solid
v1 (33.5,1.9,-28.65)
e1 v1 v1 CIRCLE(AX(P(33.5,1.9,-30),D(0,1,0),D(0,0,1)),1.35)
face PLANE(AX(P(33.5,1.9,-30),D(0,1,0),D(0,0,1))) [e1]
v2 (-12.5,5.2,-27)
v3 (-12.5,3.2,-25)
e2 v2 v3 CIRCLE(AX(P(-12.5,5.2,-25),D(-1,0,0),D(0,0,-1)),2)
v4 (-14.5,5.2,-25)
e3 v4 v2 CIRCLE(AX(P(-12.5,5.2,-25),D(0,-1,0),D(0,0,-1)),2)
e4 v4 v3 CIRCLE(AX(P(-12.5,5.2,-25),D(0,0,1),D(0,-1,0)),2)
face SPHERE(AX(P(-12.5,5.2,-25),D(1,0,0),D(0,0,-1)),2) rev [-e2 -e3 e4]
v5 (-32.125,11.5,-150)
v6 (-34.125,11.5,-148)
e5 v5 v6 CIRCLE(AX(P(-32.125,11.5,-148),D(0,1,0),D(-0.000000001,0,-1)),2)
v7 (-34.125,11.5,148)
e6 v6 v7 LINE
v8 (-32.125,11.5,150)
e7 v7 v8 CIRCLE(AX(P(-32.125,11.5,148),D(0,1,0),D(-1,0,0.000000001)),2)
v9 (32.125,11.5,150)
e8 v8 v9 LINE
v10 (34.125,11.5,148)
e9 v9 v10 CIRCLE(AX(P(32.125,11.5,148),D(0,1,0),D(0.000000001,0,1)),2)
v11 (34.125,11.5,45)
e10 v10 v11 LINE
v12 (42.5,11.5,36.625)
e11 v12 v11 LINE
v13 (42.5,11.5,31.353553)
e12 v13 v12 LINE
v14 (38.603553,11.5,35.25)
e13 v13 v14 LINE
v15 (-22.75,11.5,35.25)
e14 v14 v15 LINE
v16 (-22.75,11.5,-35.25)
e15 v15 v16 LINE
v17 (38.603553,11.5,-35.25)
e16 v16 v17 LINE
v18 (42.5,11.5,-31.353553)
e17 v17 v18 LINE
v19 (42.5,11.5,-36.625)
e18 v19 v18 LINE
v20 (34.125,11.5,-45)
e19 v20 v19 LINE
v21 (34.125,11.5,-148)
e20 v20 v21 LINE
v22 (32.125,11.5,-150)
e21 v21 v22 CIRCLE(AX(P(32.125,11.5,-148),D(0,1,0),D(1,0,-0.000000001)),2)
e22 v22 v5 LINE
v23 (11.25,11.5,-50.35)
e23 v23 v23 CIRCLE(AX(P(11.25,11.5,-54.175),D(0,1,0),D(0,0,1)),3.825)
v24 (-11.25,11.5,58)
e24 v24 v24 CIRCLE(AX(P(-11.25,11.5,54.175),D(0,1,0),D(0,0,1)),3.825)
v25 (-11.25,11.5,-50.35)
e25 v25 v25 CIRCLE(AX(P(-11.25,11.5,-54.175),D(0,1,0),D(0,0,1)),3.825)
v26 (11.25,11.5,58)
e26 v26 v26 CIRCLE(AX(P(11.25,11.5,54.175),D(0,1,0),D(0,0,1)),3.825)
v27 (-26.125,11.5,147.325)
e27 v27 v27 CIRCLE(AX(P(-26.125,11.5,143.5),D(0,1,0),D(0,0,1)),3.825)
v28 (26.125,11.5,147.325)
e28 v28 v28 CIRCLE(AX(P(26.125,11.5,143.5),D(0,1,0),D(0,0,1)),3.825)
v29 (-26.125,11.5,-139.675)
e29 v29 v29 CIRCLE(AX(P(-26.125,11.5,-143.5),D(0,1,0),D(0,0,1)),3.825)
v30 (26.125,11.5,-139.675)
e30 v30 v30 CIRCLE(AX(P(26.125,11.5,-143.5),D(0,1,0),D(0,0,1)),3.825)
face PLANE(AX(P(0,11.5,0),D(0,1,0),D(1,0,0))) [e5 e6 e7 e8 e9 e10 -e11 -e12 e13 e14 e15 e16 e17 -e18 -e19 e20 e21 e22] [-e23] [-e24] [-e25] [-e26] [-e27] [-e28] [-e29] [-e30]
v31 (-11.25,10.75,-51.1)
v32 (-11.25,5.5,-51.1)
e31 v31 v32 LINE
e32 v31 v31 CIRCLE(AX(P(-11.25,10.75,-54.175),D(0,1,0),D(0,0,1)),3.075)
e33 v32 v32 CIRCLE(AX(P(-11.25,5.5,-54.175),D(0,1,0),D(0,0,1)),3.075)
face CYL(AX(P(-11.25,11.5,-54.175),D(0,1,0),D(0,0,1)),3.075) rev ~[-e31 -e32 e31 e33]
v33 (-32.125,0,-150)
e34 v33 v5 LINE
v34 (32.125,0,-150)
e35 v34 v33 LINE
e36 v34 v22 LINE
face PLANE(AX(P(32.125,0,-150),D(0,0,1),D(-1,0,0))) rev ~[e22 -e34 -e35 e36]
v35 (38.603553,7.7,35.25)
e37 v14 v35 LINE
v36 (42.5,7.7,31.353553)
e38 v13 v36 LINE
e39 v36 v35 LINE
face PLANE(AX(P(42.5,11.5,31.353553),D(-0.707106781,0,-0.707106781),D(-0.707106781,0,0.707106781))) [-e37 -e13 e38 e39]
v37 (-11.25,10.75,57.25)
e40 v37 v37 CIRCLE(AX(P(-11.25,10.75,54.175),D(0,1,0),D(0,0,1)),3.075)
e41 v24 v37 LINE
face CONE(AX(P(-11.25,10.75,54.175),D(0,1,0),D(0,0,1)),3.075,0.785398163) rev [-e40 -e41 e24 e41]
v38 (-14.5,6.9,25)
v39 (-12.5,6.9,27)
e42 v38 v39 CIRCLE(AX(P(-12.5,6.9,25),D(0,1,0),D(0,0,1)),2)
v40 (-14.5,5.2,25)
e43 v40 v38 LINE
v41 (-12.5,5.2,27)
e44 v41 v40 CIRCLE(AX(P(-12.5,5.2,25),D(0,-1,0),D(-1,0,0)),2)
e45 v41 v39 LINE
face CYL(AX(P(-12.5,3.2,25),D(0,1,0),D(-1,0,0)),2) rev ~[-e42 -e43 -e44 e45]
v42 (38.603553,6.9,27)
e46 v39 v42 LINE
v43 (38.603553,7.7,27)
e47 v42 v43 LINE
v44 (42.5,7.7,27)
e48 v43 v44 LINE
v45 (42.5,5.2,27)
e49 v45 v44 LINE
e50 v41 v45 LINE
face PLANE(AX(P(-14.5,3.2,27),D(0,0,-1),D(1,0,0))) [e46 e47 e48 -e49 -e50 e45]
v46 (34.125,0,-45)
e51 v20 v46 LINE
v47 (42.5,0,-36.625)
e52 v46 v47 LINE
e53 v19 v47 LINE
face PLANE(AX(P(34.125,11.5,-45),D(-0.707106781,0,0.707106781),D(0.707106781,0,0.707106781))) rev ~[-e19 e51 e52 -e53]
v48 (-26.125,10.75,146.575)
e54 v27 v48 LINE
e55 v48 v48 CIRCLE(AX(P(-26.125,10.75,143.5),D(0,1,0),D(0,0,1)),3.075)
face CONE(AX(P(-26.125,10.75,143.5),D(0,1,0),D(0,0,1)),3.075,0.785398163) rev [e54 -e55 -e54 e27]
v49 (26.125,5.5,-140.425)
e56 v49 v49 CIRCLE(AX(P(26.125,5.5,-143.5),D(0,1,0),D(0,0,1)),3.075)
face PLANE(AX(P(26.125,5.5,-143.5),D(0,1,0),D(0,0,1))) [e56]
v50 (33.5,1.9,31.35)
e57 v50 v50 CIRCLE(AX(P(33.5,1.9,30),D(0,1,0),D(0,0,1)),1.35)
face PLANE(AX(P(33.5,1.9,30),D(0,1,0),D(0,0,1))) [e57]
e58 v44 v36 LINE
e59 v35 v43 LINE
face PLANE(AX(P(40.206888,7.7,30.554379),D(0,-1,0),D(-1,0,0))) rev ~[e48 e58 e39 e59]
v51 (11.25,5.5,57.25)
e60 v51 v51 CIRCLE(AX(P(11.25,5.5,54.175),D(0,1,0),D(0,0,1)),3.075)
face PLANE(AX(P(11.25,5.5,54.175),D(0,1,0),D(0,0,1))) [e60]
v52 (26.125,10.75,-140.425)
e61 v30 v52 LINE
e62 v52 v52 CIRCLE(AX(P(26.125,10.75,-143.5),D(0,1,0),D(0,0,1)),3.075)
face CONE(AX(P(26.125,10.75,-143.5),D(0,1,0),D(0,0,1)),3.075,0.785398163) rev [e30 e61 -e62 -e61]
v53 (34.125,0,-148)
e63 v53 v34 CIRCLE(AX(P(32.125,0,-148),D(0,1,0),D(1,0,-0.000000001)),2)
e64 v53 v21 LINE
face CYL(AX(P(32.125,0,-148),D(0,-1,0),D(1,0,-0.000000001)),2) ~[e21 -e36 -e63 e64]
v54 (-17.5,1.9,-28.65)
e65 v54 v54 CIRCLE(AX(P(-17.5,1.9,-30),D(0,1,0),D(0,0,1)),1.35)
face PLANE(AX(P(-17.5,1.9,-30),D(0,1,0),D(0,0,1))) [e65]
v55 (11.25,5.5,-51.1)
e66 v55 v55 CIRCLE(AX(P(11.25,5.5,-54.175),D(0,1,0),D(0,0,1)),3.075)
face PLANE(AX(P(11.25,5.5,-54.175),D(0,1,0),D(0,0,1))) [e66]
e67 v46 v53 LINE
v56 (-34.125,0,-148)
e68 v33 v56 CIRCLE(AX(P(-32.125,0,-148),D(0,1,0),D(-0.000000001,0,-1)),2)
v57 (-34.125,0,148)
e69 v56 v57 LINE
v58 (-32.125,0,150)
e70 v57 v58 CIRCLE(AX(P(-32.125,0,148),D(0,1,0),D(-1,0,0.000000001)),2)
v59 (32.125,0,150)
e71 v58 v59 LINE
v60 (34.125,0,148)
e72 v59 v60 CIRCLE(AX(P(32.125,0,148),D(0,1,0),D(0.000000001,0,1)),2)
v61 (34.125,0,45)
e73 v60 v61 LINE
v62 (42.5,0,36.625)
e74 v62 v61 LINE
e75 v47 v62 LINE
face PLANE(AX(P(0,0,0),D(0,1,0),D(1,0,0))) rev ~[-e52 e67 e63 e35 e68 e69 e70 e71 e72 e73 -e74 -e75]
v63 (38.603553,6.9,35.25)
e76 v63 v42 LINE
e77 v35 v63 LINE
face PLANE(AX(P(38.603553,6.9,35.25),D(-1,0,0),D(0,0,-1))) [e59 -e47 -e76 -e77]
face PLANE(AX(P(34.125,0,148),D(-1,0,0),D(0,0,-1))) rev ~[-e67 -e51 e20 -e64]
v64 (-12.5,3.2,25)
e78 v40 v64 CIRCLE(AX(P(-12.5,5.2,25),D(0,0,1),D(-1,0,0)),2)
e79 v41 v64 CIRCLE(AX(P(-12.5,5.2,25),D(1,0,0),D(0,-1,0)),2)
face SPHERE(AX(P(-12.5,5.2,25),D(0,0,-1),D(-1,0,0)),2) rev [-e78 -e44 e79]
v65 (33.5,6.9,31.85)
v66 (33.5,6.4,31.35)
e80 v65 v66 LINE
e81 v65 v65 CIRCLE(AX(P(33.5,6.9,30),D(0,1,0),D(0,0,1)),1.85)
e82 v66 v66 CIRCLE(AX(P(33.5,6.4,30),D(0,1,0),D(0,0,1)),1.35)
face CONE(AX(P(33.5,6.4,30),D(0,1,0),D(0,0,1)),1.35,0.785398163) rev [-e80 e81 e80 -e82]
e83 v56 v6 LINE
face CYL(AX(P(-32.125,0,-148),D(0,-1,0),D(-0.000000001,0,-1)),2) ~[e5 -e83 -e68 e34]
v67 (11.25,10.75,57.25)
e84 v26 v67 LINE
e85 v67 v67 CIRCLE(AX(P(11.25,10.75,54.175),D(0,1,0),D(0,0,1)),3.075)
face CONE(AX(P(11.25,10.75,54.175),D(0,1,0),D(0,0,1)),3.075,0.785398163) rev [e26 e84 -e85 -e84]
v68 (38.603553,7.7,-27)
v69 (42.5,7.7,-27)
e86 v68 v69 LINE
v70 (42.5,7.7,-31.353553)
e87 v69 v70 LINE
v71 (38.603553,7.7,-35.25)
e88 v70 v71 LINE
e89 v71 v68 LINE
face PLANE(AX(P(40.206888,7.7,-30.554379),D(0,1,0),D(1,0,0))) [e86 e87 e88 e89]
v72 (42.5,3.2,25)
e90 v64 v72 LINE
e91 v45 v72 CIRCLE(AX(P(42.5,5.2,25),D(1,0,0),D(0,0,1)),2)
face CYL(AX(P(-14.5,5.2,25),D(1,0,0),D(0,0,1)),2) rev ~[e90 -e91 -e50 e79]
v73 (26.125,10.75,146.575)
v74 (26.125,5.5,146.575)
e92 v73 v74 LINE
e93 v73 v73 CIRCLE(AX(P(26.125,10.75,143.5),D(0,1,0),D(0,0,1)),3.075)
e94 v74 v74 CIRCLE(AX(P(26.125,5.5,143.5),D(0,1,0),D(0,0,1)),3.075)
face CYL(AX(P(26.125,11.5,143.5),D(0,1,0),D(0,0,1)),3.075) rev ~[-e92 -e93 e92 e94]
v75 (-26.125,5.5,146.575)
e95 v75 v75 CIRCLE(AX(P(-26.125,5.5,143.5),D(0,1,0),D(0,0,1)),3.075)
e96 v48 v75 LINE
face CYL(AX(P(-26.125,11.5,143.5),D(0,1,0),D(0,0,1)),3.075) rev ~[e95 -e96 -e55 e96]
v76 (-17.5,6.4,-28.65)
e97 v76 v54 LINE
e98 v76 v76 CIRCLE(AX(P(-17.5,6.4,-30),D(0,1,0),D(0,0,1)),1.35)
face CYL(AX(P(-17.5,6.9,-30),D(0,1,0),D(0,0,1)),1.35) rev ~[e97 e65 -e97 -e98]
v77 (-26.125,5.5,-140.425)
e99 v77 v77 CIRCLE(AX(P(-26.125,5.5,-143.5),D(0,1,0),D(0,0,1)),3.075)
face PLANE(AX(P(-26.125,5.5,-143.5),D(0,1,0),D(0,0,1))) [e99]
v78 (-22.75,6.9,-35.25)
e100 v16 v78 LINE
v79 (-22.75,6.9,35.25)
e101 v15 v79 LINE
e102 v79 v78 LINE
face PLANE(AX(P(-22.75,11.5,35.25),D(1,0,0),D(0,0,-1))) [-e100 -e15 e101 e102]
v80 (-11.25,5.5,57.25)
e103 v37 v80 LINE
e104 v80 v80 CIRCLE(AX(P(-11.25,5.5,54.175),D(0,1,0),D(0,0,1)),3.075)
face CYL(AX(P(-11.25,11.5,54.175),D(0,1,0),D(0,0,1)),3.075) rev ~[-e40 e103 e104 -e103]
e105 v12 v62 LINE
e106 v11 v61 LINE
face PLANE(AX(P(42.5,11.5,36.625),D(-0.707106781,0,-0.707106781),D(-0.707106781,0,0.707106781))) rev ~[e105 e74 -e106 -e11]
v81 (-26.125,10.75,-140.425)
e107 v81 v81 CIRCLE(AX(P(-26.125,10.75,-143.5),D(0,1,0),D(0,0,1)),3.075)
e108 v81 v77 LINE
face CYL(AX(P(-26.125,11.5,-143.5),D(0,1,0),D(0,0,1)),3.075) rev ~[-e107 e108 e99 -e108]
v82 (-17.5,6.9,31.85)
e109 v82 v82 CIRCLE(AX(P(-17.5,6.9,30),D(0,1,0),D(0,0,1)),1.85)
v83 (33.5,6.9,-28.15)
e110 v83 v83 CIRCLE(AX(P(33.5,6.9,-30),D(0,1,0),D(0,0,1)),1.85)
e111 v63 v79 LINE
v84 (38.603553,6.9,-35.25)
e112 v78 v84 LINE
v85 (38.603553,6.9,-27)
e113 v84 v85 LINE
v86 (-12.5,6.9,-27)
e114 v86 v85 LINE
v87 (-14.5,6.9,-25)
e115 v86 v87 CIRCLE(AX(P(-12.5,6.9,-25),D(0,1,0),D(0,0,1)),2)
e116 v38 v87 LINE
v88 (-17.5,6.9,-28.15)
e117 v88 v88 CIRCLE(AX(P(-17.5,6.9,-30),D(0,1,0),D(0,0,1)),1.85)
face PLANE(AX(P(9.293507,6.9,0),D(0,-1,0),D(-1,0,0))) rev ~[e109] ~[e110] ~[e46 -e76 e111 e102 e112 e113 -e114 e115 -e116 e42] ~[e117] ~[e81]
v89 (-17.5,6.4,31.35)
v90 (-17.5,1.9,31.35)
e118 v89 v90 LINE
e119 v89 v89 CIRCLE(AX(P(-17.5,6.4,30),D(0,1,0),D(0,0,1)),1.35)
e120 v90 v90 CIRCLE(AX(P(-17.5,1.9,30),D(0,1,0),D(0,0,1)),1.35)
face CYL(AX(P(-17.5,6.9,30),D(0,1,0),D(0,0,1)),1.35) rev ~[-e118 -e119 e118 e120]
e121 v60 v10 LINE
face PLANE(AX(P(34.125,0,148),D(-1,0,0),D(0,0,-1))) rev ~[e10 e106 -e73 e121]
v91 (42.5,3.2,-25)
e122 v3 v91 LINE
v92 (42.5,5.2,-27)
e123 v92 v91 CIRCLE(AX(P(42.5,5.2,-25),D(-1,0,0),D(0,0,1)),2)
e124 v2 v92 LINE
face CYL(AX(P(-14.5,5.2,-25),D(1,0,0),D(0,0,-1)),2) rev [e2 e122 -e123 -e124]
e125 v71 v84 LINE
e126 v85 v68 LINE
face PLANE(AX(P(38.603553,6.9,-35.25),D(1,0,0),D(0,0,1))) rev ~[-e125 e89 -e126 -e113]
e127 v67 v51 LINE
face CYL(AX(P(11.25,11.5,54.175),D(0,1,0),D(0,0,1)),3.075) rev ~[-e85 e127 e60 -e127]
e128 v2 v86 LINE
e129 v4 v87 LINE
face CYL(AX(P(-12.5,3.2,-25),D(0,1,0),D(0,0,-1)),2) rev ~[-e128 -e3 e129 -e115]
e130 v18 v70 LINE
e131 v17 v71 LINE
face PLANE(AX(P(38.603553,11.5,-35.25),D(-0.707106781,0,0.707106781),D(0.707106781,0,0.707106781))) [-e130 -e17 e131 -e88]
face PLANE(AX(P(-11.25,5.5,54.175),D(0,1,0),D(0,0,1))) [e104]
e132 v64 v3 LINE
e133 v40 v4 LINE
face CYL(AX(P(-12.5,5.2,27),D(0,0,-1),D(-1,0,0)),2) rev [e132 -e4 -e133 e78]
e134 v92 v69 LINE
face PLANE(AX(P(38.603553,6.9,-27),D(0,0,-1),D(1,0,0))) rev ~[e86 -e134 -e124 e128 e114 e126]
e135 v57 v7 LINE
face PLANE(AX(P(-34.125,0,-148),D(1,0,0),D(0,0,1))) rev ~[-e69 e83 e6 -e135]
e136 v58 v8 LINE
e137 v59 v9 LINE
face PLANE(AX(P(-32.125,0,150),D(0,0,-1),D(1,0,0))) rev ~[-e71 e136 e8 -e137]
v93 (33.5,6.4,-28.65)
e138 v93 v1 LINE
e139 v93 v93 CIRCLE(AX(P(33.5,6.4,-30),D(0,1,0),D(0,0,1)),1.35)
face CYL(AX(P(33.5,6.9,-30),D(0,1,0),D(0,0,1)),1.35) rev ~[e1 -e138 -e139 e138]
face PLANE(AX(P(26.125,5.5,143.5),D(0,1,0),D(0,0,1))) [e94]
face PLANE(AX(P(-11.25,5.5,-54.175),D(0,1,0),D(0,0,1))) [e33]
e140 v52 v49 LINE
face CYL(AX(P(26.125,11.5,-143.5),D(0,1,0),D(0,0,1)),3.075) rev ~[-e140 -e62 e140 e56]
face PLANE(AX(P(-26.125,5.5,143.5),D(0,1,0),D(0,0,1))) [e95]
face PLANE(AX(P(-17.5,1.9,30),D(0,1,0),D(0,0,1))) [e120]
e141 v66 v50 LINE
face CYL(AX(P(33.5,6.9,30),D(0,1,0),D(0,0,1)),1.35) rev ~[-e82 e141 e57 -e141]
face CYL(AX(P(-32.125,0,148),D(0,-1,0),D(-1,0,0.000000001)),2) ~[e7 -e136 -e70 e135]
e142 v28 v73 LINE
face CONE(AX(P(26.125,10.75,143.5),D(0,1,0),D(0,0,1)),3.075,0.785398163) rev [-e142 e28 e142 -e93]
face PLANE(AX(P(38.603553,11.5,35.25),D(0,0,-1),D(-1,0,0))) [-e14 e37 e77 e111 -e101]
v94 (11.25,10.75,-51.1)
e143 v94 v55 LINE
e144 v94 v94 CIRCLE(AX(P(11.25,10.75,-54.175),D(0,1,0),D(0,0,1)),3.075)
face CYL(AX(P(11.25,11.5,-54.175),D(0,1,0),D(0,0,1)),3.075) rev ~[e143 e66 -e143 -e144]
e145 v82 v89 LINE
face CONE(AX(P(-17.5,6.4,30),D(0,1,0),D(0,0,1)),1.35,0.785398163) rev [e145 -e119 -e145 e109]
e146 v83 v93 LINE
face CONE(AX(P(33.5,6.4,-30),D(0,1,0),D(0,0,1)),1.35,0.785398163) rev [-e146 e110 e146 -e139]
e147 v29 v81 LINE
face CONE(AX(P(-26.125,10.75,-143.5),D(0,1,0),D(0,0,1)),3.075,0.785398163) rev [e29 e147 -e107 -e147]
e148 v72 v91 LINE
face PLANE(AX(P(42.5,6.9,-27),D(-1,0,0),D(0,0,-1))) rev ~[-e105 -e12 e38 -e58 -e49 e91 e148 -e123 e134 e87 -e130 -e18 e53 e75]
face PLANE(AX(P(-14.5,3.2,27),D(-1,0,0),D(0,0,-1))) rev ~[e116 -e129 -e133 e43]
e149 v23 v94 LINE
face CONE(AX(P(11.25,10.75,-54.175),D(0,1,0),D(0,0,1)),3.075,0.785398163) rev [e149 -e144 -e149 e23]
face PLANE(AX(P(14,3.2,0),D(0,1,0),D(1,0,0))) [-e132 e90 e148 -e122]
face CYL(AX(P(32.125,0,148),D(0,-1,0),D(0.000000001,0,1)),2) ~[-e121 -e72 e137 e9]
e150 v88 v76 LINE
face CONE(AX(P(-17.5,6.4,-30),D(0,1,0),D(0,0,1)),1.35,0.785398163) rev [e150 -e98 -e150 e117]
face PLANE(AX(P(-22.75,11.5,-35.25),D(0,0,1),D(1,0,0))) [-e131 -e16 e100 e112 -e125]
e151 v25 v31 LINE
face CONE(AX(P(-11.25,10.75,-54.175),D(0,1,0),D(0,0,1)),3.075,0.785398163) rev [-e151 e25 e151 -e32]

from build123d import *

# Parameters (mm, degrees)
BOSS_EXTRUDE1_DEPTH     = 11.5
SKETCH4_R               = 3.075
CUT_EXTRUDE1_DEPTH      = 6
BOSS_EXTRUDE3_DEPTH     = 11.5
CUT_EXTRUDE6_DEPTH      = 4.6
CUT_EXTRUDE3_DEPTH      = 157.057233091
CUT_EXTRUDE3_DEPTH_BACK = 3.7
SKETCH24_W              = 57
SKETCH24_H              = 54
SKETCH25_R              = 1.35
CUT_EXTRUDE4_DEPTH      = 5
CHAMFER4_SIZE           = 0.5
FILLET1_R               = 2
BOSS_EXTRUDE2_DEPTH     = 0.8
CHAMFER5_SIZE           = 0.75


with BuildPart() as part:
    # Sketch1 → Boss-Extrude1 (new body)
    with BuildSketch(Plane(origin=(0, 0, 0), x_dir=(1, 0, 0), z_dir=(0, 1, 0))):
        with BuildLine():
            Line((-34.125, 135), (-34.125, -135))
            Line((-34.125, -135), (-34.125, -148))
            ThreePointArc((-34.125, -148), (-33.539213562, -149.414213562), (-32.125, -150))
            Line((-32.125, -150), (32.125, -150))
            ThreePointArc((32.125, -150), (33.539213562, -149.414213562), (34.125, -148))
            Line((34.125, -148), (34.125, -135))
            Line((34.125, -135), (34.125, 135))
            Line((34.125, 135), (34.125, 148))
            ThreePointArc((34.125, 148), (33.539213562, 149.414213562), (32.125, 150))
            Line((32.125, 150), (-32.125, 150))
            ThreePointArc((-32.125, 150), (-33.539213562, 149.414213562), (-34.125, 148))
            Line((-34.125, 148), (-34.125, 135))
        make_face()
    extrude(amount=BOSS_EXTRUDE1_DEPTH)

    # Sketch4 → Cut-Extrude1 (cut)
    with BuildSketch(Plane(origin=(0, 11.5, 0), x_dir=(1, 0, 0), z_dir=(0, 1, 0))):
        with Locations(Location((-26.125, -143.5, 0), (0, 0, 270))):
            Circle(SKETCH4_R)
        with Locations(Location((26.125, -143.5, 0), (0, 0, 270))):
            Circle(SKETCH4_R)
        with Locations(Location((26.125, 143.5, 0), (0, 0, 270))):
            Circle(SKETCH4_R)
        with Locations(Location((-26.125, 143.5, 0), (0, 0, 270))):
            Circle(SKETCH4_R)
        with Locations(Location((-11.25, -54.175, 0), (0, 0, 270))):
            Circle(SKETCH4_R)
        with Locations(Location((11.25, -54.175, 0), (0, 0, 270))):
            Circle(SKETCH4_R)
        with Locations(Location((11.25, 54.175, 0), (0, 0, 270))):
            Circle(SKETCH4_R)
        with Locations(Location((-11.25, 54.175, 0), (0, 0, 270))):
            Circle(SKETCH4_R)
    extrude(amount=-CUT_EXTRUDE1_DEPTH, mode=Mode.SUBTRACT)

    # Sketch27 → Boss-Extrude3 (add)
    with BuildSketch(Plane(origin=(0, 11.5, 0), x_dir=(1, 0, 0), z_dir=(0, 1, 0))):
        Polygon((34.125, 45), (42.5, 36.625), (42.5, -36.625), (34.125, -45), align=None)
    extrude(amount=-BOSS_EXTRUDE3_DEPTH)

    # Sketch21 → Cut-Extrude6 (cut)
    with BuildSketch(Plane(origin=(0, 11.5, 0), x_dir=(1, 0, 0), z_dir=(0, 1, 0))):
        Polygon((42.5, 31.353553391), (42.5, -31.353553391), (38.603553391, -35.25), (-22.75, -35.25), (-22.75, 35.25), (38.603553391, 35.25), align=None)
    extrude(amount=-CUT_EXTRUDE6_DEPTH, mode=Mode.SUBTRACT)

    # Sketch24 → Cut-Extrude3 (cut, two sides: drawn at the far end of the back side and taken through both)
    with BuildSketch(Plane(origin=(0, 6.9, 0), x_dir=(1, 0, 0), z_dir=(0, 1, 0)).offset(-CUT_EXTRUDE3_DEPTH_BACK)):
        with Locations((14, 0)):
            Rectangle(SKETCH24_W, SKETCH24_H)
    extrude(amount=CUT_EXTRUDE3_DEPTH + CUT_EXTRUDE3_DEPTH_BACK, mode=Mode.SUBTRACT)

    # Sketch25 → Cut-Extrude4 (cut)
    with BuildSketch(Plane(origin=(0, 6.9, 0), x_dir=(1, 0, 0), z_dir=(0, 1, 0))):
        with Locations(Location((33.5, 30, 0), (0, 0, 270))):
            Circle(SKETCH25_R)
        with Locations(Location((-17.5, 30, 0), (0, 0, 270))):
            Circle(SKETCH25_R)
        with Locations(Location((33.5, -30, 0), (0, 0, 270))):
            Circle(SKETCH25_R)
        with Locations(Location((-17.5, -30, 0), (0, 0, 270))):
            Circle(SKETCH25_R)
    extrude(amount=-CUT_EXTRUDE4_DEPTH, mode=Mode.SUBTRACT)

    # Chamfer4
    chamfer4_edges = [part.edges().sort_by_distance(p)[0] for p in [
        (-17.5, 6.9, -31.35),
        (33.5, 6.9, 28.65),
        (-17.5, 6.9, 28.65),
        (33.5, 6.9, -31.35),
    ]]
    chamfer(chamfer4_edges, length=CHAMFER4_SIZE)

    # Fillet1
    fillet1_edges = [part.edges().sort_by_distance(p)[0] for p in [
        (14, 3.2, -27),
        (-14.5, 5.05, -27),
        (-14.5, 3.2, 0),
        (-14.5, 5.05, 27),
        (14, 3.2, 27),
    ]]
    fillet(fillet1_edges, radius=FILLET1_R)

    # Sketch26 → Boss-Extrude2 (add)
    with BuildSketch(Plane(origin=(0, 6.9, 0), x_dir=(1, 0, 0), z_dir=(0, 1, 0))):
        Polygon((38.603553391, 35.25), (38.603553391, 27), (42.5, 27), (42.5, 31.353553391), align=None)
        Polygon((42.5, -31.353553391), (38.603553391, -35.25), (38.603553391, -27), (42.5, -27), align=None)
    extrude(amount=BOSS_EXTRUDE2_DEPTH)

    # Chamfer5
    chamfer5_edges = [part.edges().sort_by_distance(p)[0] for p in [
        (26.125, 11.5, 140.425),
        (26.125, 11.5, -146.575),
        (-11.25, 11.5, 51.1),
        (11.25, 11.5, 51.1),
        (-11.25, 11.5, -57.25),
        (11.25, 11.5, -57.25),
        (-26.125, 11.5, -146.575),
        (-26.125, 11.5, 140.425),
    ]]
    chamfer(chamfer5_edges, length=CHAMFER5_SIZE)


solid = part.part
